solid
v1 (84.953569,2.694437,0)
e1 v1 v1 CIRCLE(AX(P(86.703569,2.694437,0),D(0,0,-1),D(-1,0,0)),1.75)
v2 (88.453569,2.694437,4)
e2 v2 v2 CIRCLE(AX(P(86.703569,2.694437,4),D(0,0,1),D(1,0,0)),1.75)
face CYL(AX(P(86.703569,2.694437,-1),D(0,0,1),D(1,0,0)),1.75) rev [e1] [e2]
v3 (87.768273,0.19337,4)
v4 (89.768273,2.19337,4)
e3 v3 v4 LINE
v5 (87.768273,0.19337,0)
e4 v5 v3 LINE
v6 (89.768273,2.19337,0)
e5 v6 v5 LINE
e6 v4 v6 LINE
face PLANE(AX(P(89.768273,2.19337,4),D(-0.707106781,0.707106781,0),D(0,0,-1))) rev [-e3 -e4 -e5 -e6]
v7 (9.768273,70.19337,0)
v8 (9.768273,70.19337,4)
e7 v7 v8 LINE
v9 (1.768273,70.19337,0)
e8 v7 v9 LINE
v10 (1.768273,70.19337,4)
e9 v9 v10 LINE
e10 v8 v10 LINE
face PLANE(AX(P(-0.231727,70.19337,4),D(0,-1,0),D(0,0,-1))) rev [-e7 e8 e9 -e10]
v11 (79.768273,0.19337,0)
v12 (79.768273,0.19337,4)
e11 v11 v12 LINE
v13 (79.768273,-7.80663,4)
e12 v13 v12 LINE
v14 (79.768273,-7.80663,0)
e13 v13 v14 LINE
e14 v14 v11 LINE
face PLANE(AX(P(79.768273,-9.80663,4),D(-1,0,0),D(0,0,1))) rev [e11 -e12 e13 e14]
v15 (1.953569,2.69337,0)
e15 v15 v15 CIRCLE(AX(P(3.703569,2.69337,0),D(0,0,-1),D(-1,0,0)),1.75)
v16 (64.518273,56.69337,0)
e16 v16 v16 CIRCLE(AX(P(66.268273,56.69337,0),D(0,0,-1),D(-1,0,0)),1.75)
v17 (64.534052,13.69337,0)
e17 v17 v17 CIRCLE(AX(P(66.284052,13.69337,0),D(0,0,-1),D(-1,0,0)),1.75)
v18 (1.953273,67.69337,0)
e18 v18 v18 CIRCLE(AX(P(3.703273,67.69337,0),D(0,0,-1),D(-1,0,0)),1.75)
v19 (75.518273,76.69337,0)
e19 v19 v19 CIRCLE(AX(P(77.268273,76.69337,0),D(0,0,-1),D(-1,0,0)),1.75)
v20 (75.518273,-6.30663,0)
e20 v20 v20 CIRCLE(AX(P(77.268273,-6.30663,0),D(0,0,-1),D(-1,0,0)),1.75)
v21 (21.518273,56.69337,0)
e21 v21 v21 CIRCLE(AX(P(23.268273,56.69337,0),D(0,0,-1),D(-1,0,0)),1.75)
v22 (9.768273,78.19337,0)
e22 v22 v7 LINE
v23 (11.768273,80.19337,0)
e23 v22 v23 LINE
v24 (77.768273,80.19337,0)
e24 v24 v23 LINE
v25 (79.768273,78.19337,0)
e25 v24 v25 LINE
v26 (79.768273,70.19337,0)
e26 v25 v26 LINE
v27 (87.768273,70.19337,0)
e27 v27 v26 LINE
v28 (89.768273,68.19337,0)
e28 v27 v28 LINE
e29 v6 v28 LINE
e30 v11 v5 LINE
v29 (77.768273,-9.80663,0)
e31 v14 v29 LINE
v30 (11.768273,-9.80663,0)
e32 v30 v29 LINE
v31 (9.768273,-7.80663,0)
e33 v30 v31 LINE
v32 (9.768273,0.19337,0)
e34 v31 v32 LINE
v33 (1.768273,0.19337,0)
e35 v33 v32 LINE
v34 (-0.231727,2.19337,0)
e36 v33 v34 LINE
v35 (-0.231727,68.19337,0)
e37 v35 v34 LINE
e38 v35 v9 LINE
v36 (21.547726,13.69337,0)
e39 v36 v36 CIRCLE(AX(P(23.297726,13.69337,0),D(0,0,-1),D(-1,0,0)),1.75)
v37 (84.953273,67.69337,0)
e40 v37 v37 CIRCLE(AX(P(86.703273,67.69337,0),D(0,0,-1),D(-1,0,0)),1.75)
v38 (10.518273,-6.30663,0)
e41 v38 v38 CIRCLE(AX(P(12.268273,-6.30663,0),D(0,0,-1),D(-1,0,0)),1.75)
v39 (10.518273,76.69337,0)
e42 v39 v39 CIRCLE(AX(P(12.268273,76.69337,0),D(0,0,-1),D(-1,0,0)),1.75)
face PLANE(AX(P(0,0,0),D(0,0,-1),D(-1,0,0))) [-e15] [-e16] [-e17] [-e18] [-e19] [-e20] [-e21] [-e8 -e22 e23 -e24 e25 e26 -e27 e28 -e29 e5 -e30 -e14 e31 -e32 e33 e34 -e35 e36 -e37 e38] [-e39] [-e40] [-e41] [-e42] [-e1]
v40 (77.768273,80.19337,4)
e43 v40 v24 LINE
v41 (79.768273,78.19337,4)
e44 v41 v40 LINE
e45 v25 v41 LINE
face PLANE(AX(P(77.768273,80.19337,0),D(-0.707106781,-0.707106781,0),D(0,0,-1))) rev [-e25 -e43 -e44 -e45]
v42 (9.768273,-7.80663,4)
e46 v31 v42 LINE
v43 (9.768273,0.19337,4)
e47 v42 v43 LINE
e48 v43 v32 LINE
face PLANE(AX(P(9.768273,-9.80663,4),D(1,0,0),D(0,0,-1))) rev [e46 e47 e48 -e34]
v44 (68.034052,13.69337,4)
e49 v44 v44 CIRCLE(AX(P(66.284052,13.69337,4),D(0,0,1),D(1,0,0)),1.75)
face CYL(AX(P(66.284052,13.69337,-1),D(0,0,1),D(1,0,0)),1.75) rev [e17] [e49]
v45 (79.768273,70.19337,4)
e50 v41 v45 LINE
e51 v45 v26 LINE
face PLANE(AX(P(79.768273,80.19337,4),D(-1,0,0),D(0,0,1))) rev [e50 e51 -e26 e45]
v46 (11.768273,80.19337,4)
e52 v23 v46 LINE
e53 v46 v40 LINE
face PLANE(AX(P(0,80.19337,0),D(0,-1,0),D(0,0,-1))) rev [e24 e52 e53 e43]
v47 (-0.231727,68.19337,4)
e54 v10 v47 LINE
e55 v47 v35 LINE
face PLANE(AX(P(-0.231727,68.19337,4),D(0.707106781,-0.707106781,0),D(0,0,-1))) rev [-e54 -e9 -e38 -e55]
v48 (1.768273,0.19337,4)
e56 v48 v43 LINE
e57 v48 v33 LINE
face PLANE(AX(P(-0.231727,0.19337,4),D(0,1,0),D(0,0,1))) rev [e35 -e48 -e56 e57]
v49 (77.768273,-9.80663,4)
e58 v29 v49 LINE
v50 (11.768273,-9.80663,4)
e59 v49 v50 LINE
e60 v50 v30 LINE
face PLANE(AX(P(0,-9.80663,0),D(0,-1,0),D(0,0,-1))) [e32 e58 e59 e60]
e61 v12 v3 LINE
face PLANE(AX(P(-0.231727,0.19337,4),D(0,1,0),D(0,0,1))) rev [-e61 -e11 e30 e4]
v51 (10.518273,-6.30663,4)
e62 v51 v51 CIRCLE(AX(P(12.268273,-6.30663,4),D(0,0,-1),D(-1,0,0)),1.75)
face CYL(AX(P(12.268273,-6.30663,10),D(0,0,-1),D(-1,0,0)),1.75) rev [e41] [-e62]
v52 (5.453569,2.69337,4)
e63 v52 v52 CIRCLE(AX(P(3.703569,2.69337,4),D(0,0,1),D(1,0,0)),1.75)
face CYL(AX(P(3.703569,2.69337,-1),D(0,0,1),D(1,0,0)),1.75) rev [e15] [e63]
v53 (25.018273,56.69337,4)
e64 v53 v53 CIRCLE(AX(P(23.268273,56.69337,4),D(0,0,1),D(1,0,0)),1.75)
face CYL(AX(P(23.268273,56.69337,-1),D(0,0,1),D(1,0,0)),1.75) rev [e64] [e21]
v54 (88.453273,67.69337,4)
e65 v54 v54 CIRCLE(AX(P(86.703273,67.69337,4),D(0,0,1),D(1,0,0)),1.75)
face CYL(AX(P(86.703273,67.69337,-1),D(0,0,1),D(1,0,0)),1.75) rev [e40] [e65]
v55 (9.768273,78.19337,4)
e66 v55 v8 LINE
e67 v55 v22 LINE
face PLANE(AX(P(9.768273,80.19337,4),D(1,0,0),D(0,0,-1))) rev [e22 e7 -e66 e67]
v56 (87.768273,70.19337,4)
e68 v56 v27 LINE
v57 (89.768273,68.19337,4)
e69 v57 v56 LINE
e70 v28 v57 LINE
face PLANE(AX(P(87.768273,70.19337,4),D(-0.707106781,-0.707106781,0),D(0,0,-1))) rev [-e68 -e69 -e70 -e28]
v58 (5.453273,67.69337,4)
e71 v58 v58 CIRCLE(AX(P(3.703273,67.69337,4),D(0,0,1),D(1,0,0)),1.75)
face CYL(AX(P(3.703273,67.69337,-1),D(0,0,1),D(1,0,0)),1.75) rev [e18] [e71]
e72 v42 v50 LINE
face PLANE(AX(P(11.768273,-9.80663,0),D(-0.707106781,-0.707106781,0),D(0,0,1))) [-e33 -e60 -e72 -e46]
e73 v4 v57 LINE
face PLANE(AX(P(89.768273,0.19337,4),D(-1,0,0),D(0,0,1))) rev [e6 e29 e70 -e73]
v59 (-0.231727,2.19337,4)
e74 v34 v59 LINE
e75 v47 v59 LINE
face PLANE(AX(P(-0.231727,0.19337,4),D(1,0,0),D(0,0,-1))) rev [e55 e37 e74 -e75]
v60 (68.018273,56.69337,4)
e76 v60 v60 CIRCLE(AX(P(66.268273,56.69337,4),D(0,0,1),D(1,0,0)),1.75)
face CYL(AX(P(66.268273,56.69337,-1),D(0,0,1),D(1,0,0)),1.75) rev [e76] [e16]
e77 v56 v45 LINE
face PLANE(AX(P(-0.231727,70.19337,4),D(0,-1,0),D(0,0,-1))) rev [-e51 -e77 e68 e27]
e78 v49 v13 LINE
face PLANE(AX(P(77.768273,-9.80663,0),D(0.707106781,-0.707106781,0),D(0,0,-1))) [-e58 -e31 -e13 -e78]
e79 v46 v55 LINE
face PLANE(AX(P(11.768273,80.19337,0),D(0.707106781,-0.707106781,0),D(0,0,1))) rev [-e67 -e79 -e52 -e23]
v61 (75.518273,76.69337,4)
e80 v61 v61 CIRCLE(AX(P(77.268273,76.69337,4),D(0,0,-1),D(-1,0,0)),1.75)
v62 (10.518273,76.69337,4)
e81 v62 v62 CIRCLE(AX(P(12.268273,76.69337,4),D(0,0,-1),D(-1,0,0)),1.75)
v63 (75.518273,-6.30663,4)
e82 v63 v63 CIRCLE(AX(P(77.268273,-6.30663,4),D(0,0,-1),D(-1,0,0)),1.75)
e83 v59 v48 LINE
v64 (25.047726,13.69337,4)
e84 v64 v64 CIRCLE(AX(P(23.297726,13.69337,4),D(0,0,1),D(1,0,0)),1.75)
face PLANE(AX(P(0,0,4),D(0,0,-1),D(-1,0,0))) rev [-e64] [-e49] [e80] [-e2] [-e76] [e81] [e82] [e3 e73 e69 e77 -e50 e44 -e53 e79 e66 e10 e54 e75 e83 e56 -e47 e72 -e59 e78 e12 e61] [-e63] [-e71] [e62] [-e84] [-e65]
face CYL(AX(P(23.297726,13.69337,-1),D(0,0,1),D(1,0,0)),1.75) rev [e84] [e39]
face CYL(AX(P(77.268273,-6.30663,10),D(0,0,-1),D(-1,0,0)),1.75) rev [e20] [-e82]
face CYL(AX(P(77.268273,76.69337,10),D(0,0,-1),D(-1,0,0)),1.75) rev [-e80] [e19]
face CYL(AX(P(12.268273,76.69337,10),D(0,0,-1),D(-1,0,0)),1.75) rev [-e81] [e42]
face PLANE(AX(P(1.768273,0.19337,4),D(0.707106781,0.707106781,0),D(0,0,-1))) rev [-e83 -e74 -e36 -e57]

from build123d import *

# Parameters (mm, degrees)
SKETCH1_W           = 90
SKETCH1_H           = 70
BOSS_EXTRUDE1_DEPTH = 4
SKETCH2_R           = 1.75
CUT_EXTRUDE1_DEPTH  = 5
CHAMFER1_SIZE       = 2
CHAMFER2_SIZE       = 2
CHAMFER3_SIZE       = 2
CHAMFER4_SIZE       = 2
SKETCH5_W           = 70
SKETCH5_H           = 4
BOSS_EXTRUDE3_DEPTH = 10
SKETCH4_W           = 70
SKETCH4_H           = 4
BOSS_EXTRUDE4_DEPTH = 10
SKETCH6_R           = 1.75
CUT_EXTRUDE2_DEPTH  = 10
CHAMFER5_SIZE       = 2


with BuildPart() as part:
    # Sketch1 → Boss-Extrude1 (new body)
    with BuildSketch(Plane.XY):
        with Locations((44.768273235, 35.193370166)):
            Rectangle(SKETCH1_W, SKETCH1_H)
    extrude(amount=BOSS_EXTRUDE1_DEPTH)

    # Sketch2 → Cut-Extrude1 (cut)
    with BuildSketch(Plane.XY.offset(4)):
        with Locations((3.703568783, 2.693370166)):
            Circle(SKETCH2_R)
        with Locations((86.703568783, 2.694436567)):
            Circle(SKETCH2_R)
        with Locations((86.703273235, 67.693370166)):
            Circle(SKETCH2_R)
        with Locations((3.703273235, 67.693370166)):
            Circle(SKETCH2_R)
        with Locations((23.297725672, 13.693370166)):
            Circle(SKETCH2_R)
        with Locations((66.284051901, 13.693370166)):
            Circle(SKETCH2_R)
        with Locations((66.268273235, 56.693370166)):
            Circle(SKETCH2_R)
        with Locations((23.268273235, 56.693370166)):
            Circle(SKETCH2_R)
    extrude(amount=-CUT_EXTRUDE1_DEPTH, mode=Mode.SUBTRACT)

    # Chamfer1
    chamfer1_edges = [part.edges().sort_by_distance(p)[0] for p in [
        (89.768273235, 0.193370166, 2),
    ]]
    chamfer(chamfer1_edges, length=CHAMFER1_SIZE)

    # Chamfer2
    chamfer2_edges = [part.edges().sort_by_distance(p)[0] for p in [
        (-0.231726765, 0.193370166, 2),
    ]]
    chamfer(chamfer2_edges, length=CHAMFER2_SIZE)

    # Chamfer3
    chamfer3_edges = [part.edges().sort_by_distance(p)[0] for p in [
        (-0.231726765, 70.193370166, 2),
    ]]
    chamfer(chamfer3_edges, length=CHAMFER3_SIZE)

    # Chamfer4
    chamfer4_edges = [part.edges().sort_by_distance(p)[0] for p in [
        (89.768273235, 70.193370166, 2),
    ]]
    chamfer(chamfer4_edges, length=CHAMFER4_SIZE)

    # Sketch5 → Boss-Extrude3 (add)
    with BuildSketch(Plane(origin=(0, 70.193370166, 0), x_dir=(1, 0, 0), z_dir=(0, 1, 0))):
        with Locations((44.768273235, -2)):
            Rectangle(SKETCH5_W, SKETCH5_H)
    extrude(amount=BOSS_EXTRUDE3_DEPTH)

    # Sketch4 → Boss-Extrude4 (add)
    with BuildSketch(Plane(origin=(0, 0.193370166, 0), x_dir=(-1, 0, 0), z_dir=(0, -1, 0))):
        with Locations((-44.768273235, -2)):
            Rectangle(SKETCH4_W, SKETCH4_H)
    extrude(amount=BOSS_EXTRUDE4_DEPTH)

    # Sketch6 → Cut-Extrude2 (cut)
    with BuildSketch(Plane(origin=(0, 0, 0), x_dir=(-1, 0, 0), z_dir=(0, 0, -1))):
        with Locations((-12.268273235, 76.693370166)):
            Circle(SKETCH6_R)
        with Locations((-77.268273235, 76.693370166)):
            Circle(SKETCH6_R)
        with Locations((-77.268273235, -6.306629834)):
            Circle(SKETCH6_R)
        with Locations((-12.268273235, -6.306629834)):
            Circle(SKETCH6_R)
    extrude(amount=-CUT_EXTRUDE2_DEPTH, mode=Mode.SUBTRACT)

    # Chamfer5
    chamfer5_edges = [part.edges().sort_by_distance(p)[0] for p in [
        (9.768273235, 80.193370166, 2),
        (79.768273235, 80.193370166, 2),
        (9.768273235, -9.806629834, 2),
        (79.768273235, -9.806629834, 2),
    ]]
    chamfer(chamfer5_edges, length=CHAMFER5_SIZE)


solid = part.part
